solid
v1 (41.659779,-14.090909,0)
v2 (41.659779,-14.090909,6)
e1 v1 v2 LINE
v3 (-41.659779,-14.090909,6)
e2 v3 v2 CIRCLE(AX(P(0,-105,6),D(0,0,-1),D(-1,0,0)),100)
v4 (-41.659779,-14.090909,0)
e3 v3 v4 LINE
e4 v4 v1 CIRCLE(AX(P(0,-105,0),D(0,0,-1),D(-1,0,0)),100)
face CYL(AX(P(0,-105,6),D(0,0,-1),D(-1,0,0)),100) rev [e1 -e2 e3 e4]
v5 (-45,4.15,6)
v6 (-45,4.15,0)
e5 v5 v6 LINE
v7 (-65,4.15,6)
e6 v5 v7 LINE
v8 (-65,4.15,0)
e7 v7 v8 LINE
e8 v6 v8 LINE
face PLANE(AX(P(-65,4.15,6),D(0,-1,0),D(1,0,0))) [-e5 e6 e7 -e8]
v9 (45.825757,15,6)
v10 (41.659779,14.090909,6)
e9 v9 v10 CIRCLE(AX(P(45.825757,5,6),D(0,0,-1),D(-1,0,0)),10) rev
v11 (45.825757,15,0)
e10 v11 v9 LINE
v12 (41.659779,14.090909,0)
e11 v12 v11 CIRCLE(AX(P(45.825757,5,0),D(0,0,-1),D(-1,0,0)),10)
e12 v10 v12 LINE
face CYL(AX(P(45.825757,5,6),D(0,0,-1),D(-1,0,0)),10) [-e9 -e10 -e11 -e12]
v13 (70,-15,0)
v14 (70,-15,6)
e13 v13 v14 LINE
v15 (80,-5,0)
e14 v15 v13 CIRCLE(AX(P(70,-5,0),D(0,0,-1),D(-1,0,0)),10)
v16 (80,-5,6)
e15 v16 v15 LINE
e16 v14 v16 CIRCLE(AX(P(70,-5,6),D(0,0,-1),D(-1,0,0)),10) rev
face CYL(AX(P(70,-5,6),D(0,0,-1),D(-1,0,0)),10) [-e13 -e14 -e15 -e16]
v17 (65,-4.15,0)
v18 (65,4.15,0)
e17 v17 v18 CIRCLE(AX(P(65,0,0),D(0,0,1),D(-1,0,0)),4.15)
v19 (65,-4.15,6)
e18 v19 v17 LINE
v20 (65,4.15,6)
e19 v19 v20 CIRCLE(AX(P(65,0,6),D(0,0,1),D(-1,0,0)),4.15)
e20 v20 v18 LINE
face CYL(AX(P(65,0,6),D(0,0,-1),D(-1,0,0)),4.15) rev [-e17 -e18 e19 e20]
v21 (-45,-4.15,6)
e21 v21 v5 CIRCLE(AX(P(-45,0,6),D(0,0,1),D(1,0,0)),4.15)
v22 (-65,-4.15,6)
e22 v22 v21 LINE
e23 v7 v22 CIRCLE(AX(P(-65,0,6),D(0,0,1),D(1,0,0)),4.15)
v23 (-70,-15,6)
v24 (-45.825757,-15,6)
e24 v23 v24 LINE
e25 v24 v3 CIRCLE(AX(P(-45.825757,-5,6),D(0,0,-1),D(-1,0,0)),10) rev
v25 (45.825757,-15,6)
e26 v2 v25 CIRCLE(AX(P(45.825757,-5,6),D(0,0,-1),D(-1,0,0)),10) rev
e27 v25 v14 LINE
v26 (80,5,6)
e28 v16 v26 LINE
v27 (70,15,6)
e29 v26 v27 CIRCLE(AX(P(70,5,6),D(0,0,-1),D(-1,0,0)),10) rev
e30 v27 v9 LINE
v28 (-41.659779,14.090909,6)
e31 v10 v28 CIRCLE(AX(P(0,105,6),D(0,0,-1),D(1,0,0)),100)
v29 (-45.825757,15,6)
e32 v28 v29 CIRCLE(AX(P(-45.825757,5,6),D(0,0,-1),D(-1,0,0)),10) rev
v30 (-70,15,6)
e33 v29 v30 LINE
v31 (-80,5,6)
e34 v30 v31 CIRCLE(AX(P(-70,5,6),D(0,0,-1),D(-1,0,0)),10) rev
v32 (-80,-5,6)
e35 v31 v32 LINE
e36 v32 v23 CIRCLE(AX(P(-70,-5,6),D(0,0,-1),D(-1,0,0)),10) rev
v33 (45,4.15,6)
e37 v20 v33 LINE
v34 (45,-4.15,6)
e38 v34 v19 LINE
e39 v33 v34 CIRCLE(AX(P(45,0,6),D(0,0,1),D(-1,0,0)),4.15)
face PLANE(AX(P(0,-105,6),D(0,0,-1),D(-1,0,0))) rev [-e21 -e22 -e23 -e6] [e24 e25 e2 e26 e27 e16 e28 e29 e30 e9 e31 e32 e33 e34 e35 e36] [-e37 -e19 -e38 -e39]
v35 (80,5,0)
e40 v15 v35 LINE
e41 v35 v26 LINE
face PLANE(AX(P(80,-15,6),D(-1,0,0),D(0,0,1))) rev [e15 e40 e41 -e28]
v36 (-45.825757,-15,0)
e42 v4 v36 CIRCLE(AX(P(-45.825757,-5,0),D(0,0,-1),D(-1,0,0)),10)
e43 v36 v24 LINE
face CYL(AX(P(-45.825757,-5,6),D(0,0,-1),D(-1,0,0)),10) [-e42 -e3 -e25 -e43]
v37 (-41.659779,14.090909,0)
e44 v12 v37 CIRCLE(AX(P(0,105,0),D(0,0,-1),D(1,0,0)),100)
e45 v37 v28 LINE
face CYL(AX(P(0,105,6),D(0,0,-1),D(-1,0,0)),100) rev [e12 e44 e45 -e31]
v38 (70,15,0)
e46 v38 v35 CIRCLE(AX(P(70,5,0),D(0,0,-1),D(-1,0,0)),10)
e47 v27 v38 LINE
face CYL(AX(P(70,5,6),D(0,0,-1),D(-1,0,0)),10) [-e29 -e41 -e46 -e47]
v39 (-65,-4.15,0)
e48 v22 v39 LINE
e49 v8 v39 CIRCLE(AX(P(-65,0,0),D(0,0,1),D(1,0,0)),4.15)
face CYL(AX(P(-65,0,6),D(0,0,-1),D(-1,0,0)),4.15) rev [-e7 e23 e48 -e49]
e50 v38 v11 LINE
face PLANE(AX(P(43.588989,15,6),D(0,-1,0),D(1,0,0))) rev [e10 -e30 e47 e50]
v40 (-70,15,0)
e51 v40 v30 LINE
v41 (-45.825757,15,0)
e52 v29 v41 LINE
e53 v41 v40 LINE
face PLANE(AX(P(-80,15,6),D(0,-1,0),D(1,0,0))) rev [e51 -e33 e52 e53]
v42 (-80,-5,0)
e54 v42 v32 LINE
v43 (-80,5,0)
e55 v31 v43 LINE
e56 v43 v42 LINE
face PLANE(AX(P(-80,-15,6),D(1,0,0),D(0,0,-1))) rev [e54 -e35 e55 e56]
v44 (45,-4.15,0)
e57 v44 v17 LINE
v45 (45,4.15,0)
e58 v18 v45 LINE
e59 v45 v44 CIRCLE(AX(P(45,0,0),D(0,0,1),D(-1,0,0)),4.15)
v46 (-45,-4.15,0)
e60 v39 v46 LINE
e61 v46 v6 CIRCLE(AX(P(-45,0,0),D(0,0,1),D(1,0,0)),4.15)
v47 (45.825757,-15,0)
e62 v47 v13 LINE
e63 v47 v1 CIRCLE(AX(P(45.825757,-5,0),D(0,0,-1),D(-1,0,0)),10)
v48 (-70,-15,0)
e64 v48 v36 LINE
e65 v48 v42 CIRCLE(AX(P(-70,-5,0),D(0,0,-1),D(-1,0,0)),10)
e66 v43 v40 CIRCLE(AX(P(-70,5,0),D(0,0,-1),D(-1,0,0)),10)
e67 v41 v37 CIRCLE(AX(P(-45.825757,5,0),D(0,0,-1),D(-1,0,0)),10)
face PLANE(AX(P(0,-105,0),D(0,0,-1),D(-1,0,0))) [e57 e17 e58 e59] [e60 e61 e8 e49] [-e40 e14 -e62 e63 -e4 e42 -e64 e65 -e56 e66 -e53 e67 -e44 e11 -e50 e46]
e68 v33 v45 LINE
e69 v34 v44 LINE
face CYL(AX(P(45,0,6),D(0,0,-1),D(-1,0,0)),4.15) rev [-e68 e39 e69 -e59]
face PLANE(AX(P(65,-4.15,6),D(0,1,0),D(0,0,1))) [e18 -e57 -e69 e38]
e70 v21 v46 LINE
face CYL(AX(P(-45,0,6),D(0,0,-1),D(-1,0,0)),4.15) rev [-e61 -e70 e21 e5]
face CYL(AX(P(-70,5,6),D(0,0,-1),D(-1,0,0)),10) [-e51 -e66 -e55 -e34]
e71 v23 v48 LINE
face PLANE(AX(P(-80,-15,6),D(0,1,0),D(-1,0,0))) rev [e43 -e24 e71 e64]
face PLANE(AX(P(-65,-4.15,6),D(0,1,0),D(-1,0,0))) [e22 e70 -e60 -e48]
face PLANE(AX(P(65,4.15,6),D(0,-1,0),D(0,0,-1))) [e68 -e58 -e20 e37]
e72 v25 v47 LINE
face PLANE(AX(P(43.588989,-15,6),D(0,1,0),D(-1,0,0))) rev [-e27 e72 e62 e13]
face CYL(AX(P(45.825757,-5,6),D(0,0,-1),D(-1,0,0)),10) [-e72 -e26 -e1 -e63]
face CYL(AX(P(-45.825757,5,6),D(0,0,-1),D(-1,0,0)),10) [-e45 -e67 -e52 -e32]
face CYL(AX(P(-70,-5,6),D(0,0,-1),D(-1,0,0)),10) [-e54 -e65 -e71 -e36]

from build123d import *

# Parameters (mm, degrees)
BOSS_EXTRUDE1_DEPTH = 6
FILLET1_R           = 10


with BuildPart() as part:
    # Sketch1 → Boss-Extrude1 (new body)
    with BuildSketch(Plane.XY):
        with BuildLine():
            Line((-80, -15), (-43.588989435, -15))
            ThreePointArc((-43.588989435, -15), (0, -5), (43.588989435, -15))
            Line((43.588989435, -15), (80, -15))
            Line((80, -15), (80, 15))
            Line((80, 15), (43.588989435, 15))
            ThreePointArc((43.588989435, 15), (0, 5), (-43.588989435, 15))
            Line((-43.588989435, 15), (-80, 15))
            Line((-80, 15), (-80, -15))
        make_face()
        with BuildLine():
            Line((-65, 4.15), (-45, 4.15))
            ThreePointArc((-45, 4.15), (-40.85, 0), (-45, -4.15))
            Line((-45, -4.15), (-65, -4.15))
            ThreePointArc((-65, -4.15), (-69.15, 0), (-65, 4.15))
        make_face(mode=Mode.SUBTRACT)
        with BuildLine():
            Line((65, 4.15), (45, 4.15))
            ThreePointArc((45, 4.15), (40.85, 0), (45, -4.15))
            Line((45, -4.15), (65, -4.15))
            ThreePointArc((65, -4.15), (69.15, 0), (65, 4.15))
        make_face(mode=Mode.SUBTRACT)
    extrude(amount=BOSS_EXTRUDE1_DEPTH)

    # Fillet1
    fillet1_edges = [part.edges().sort_by_distance(p)[0] for p in [
        (80, 15, 3),
        (80, -15, 3),
        (43.588989435, -15, 3),
        (-43.588989435, -15, 3),
        (-80, -15, 3),
        (-80, 15, 3),
        (-43.588989435, 15, 3),
        (43.588989435, 15, 3),
    ]]
    fillet(fillet1_edges, radius=FILLET1_R)


solid = part.part
